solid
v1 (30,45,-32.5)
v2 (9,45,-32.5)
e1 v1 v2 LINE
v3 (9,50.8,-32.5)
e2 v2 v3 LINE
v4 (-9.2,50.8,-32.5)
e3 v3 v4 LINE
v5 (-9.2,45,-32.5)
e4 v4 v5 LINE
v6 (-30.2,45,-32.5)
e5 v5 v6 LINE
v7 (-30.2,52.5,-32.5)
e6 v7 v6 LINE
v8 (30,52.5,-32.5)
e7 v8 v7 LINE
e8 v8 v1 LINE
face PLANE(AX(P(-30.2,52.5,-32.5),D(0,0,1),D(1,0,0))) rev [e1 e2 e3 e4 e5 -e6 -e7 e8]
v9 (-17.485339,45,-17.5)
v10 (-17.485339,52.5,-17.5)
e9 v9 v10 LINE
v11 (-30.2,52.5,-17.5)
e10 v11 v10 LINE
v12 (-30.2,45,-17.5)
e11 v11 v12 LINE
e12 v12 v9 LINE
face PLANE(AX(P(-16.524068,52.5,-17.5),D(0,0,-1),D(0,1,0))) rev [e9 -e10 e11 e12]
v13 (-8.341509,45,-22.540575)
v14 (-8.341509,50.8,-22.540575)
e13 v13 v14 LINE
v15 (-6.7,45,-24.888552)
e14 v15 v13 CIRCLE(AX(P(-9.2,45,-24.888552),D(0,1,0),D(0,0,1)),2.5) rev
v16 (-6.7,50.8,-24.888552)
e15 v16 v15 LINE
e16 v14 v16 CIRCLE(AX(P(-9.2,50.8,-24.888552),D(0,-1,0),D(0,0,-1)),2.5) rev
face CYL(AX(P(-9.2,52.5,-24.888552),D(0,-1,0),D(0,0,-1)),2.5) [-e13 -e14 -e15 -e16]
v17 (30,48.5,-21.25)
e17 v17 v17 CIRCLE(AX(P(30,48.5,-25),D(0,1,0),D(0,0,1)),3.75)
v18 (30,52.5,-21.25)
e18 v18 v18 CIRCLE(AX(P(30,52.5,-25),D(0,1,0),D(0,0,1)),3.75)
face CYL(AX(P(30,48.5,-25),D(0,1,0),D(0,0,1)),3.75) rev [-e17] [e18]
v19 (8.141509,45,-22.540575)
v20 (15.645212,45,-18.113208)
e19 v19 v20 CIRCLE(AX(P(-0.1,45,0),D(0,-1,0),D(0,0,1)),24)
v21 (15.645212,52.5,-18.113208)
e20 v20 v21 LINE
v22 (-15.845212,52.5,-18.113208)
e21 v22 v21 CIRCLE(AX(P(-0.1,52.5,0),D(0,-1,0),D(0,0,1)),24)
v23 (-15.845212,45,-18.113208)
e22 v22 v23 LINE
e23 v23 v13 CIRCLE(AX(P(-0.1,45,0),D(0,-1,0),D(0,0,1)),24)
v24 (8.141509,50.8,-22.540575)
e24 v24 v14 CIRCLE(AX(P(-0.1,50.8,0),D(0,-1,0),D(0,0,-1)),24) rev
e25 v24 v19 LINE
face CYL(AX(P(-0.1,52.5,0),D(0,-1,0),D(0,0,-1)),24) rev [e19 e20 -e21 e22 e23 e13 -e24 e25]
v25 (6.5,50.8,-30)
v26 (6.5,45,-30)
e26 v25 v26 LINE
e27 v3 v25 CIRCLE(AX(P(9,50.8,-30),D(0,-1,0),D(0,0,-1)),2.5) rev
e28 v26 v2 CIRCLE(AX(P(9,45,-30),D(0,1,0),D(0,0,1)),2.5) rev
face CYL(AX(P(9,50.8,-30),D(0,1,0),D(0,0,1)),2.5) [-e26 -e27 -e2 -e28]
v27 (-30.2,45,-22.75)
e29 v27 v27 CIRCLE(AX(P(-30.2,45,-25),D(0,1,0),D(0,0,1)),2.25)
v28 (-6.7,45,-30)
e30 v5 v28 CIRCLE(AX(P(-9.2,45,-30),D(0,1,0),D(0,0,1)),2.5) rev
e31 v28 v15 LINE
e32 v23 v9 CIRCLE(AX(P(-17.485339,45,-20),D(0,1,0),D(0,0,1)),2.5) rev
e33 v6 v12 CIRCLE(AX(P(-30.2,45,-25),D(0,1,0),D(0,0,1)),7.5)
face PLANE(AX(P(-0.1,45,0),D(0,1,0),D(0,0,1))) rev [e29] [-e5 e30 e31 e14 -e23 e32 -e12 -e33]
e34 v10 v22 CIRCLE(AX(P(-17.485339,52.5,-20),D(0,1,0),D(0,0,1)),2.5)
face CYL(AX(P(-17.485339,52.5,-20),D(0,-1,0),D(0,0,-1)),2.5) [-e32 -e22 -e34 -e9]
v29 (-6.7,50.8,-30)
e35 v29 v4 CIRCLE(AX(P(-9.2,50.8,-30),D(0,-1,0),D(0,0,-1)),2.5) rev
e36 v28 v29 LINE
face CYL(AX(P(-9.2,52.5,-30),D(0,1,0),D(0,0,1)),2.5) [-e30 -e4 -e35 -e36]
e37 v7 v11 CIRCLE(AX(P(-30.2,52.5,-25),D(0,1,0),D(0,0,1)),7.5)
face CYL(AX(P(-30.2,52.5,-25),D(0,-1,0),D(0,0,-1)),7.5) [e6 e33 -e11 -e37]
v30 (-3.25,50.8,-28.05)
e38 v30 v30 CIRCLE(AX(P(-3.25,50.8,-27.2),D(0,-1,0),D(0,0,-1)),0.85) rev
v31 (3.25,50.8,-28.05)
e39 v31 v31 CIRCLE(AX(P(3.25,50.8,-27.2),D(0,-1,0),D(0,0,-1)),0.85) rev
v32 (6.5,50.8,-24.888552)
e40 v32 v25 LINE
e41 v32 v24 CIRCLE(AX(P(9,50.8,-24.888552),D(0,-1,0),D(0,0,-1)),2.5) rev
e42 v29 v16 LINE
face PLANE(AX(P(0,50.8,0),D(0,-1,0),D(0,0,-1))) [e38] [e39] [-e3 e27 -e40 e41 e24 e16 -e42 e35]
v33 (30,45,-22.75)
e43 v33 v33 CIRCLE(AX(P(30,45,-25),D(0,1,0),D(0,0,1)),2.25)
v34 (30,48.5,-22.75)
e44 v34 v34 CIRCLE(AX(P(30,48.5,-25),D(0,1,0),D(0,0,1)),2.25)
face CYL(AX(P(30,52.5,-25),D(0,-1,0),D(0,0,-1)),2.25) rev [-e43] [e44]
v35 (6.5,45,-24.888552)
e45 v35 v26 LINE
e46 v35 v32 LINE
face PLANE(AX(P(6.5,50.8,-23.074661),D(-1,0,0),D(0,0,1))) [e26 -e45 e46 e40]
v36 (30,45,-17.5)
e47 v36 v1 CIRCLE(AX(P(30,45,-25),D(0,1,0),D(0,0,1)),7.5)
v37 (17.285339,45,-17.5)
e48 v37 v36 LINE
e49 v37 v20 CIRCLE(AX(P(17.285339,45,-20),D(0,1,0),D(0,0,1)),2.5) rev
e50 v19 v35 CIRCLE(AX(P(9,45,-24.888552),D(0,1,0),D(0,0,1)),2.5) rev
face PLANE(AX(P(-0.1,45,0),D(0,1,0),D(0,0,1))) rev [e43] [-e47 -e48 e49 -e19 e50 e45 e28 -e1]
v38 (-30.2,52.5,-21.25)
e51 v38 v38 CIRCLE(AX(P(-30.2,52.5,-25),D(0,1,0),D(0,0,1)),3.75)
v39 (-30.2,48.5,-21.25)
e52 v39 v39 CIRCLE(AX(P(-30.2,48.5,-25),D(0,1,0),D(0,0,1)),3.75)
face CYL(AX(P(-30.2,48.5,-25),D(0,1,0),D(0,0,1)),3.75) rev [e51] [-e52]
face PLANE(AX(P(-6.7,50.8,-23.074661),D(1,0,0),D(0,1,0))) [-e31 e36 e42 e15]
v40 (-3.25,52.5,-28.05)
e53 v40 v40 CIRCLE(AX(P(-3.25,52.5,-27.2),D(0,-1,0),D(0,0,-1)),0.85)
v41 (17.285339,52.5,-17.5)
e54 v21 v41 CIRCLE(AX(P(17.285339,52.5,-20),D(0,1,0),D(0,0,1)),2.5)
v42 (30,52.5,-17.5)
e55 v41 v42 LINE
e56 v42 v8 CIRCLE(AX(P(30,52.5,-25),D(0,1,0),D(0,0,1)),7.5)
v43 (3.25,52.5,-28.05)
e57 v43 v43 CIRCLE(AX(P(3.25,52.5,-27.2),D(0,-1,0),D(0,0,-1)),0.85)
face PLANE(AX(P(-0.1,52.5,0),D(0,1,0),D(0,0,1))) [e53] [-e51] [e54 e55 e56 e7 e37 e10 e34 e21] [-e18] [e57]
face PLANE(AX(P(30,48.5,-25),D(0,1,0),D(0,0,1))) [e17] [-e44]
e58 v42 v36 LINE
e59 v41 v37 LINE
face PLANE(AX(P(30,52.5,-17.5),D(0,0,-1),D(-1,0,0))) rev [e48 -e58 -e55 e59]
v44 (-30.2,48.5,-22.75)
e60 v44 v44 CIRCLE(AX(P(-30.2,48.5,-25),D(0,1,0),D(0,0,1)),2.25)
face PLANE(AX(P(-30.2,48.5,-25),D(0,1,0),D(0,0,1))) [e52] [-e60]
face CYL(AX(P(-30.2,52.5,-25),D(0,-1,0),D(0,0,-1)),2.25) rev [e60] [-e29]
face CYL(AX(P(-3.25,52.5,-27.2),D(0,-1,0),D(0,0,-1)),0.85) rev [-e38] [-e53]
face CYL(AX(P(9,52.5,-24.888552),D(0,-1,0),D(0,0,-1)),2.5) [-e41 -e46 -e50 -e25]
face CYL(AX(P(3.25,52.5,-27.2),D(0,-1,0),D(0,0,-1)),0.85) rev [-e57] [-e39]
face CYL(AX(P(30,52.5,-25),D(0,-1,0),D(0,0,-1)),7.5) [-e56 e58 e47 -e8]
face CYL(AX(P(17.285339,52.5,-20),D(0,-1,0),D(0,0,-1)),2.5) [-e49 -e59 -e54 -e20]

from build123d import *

# Parameters (mm, degrees)
SKETCH1_R           = 2.25
BOSS_EXTRUDE1_DEPTH = 7.5
SKETCH2_R           = 0.85
CUT_EXTRUDE1_DEPTH  = 8.5
SKETCH3_R           = 0.85
BOSS_EXTRUDE2_DEPTH = 1.7
SKETCH4_W           = 13.2
SKETCH4_H           = 9.425338572
CUT_EXTRUDE2_DEPTH  = 5.8
FILLET1_R           = 2.5
SKETCH5_R           = 3.75
CUT_EXTRUDE3_DEPTH  = 4


with BuildPart() as part:
    # Sketch1 → Boss-Extrude1 (new body)
    with BuildSketch(Plane(origin=(0, 45, 0), x_dir=(1, 0, 0), z_dir=(0, 1, 0))):
        with BuildLine():
            Line((-16.524067706, 17.5), (-30.2, 17.5))
            ThreePointArc((-30.2, 17.5), (-37.7, 25), (-30.2, 32.5))
            Line((-30.2, 32.5), (30, 32.5))
            ThreePointArc((30, 32.5), (37.5, 25), (30, 17.5))
            Line((30, 17.5), (16.324067706, 17.5))
            ThreePointArc((16.324067706, 17.5), (-0.1, 24), (-16.524067706, 17.5))
        make_face()
        with Locations((-30.2, 25)):
            Circle(SKETCH1_R, mode=Mode.SUBTRACT)
        with Locations((30, 25)):
            Circle(SKETCH1_R, mode=Mode.SUBTRACT)
    extrude(amount=BOSS_EXTRUDE1_DEPTH)

    # Sketch2 → Cut-Extrude1 (cut, through all)
    with BuildSketch(Plane.XZ.offset(-45)):
        with Locations((-3.25, -27.2)):
            Circle(SKETCH2_R)
        with Locations((3.25, -27.2)):
            Circle(SKETCH2_R)
    extrude(amount=-CUT_EXTRUDE1_DEPTH, mode=Mode.SUBTRACT)

    # Sketch3 → Boss-Extrude2 (add)
    with BuildSketch(Plane.XZ.offset(-52.5)):
        with BuildLine():
            Line((-3.25, -24.7), (3.25, -24.7))
            ThreePointArc((3.25, -24.7), (5.75, -27.2), (3.25, -29.7))
            Line((3.25, -29.7), (-3.25, -29.7))
            ThreePointArc((-3.25, -29.7), (-5.75, -27.2), (-3.25, -24.7))
        make_face()
        with Locations((3.25, -27.2)):
            Circle(SKETCH3_R, mode=Mode.SUBTRACT)
        with Locations((-3.25, -27.2)):
            Circle(SKETCH3_R, mode=Mode.SUBTRACT)
    extrude(amount=BOSS_EXTRUDE2_DEPTH)

    # Sketch4 → Cut-Extrude2 (cut)
    with BuildSketch(Plane(origin=(0, 45, 0), x_dir=(1, 0, 0), z_dir=(0, 1, 0))):
        with Locations((-0.1, 27.787330714)):
            Rectangle(SKETCH4_W, SKETCH4_H)
    extrude(amount=CUT_EXTRUDE2_DEPTH, mode=Mode.SUBTRACT)

    # Fillet1
    fillet1_edges = [part.edges().sort_by_distance(p)[0] for p in [
        (-16.524067706, 48.75, -17.5),
        (16.324067706, 48.75, -17.5),
        (-6.7, 47.9, -32.5),
        (-6.7, 47.9, -23.074661428),
        (6.5, 47.9, -23.074661428),
        (6.5, 47.9, -32.5),
    ]]
    fillet(fillet1_edges, radius=FILLET1_R)

    # Sketch5 → Cut-Extrude3 (cut)
    with BuildSketch(Plane(origin=(0, 52.5, 0), x_dir=(1, 0, 0), z_dir=(0, 1, 0))):
        with Locations((-30.2, 25)):
            Circle(SKETCH5_R)
        with Locations((30, 25)):
            Circle(SKETCH5_R)
    extrude(amount=-CUT_EXTRUDE3_DEPTH, mode=Mode.SUBTRACT)


solid = part.part
